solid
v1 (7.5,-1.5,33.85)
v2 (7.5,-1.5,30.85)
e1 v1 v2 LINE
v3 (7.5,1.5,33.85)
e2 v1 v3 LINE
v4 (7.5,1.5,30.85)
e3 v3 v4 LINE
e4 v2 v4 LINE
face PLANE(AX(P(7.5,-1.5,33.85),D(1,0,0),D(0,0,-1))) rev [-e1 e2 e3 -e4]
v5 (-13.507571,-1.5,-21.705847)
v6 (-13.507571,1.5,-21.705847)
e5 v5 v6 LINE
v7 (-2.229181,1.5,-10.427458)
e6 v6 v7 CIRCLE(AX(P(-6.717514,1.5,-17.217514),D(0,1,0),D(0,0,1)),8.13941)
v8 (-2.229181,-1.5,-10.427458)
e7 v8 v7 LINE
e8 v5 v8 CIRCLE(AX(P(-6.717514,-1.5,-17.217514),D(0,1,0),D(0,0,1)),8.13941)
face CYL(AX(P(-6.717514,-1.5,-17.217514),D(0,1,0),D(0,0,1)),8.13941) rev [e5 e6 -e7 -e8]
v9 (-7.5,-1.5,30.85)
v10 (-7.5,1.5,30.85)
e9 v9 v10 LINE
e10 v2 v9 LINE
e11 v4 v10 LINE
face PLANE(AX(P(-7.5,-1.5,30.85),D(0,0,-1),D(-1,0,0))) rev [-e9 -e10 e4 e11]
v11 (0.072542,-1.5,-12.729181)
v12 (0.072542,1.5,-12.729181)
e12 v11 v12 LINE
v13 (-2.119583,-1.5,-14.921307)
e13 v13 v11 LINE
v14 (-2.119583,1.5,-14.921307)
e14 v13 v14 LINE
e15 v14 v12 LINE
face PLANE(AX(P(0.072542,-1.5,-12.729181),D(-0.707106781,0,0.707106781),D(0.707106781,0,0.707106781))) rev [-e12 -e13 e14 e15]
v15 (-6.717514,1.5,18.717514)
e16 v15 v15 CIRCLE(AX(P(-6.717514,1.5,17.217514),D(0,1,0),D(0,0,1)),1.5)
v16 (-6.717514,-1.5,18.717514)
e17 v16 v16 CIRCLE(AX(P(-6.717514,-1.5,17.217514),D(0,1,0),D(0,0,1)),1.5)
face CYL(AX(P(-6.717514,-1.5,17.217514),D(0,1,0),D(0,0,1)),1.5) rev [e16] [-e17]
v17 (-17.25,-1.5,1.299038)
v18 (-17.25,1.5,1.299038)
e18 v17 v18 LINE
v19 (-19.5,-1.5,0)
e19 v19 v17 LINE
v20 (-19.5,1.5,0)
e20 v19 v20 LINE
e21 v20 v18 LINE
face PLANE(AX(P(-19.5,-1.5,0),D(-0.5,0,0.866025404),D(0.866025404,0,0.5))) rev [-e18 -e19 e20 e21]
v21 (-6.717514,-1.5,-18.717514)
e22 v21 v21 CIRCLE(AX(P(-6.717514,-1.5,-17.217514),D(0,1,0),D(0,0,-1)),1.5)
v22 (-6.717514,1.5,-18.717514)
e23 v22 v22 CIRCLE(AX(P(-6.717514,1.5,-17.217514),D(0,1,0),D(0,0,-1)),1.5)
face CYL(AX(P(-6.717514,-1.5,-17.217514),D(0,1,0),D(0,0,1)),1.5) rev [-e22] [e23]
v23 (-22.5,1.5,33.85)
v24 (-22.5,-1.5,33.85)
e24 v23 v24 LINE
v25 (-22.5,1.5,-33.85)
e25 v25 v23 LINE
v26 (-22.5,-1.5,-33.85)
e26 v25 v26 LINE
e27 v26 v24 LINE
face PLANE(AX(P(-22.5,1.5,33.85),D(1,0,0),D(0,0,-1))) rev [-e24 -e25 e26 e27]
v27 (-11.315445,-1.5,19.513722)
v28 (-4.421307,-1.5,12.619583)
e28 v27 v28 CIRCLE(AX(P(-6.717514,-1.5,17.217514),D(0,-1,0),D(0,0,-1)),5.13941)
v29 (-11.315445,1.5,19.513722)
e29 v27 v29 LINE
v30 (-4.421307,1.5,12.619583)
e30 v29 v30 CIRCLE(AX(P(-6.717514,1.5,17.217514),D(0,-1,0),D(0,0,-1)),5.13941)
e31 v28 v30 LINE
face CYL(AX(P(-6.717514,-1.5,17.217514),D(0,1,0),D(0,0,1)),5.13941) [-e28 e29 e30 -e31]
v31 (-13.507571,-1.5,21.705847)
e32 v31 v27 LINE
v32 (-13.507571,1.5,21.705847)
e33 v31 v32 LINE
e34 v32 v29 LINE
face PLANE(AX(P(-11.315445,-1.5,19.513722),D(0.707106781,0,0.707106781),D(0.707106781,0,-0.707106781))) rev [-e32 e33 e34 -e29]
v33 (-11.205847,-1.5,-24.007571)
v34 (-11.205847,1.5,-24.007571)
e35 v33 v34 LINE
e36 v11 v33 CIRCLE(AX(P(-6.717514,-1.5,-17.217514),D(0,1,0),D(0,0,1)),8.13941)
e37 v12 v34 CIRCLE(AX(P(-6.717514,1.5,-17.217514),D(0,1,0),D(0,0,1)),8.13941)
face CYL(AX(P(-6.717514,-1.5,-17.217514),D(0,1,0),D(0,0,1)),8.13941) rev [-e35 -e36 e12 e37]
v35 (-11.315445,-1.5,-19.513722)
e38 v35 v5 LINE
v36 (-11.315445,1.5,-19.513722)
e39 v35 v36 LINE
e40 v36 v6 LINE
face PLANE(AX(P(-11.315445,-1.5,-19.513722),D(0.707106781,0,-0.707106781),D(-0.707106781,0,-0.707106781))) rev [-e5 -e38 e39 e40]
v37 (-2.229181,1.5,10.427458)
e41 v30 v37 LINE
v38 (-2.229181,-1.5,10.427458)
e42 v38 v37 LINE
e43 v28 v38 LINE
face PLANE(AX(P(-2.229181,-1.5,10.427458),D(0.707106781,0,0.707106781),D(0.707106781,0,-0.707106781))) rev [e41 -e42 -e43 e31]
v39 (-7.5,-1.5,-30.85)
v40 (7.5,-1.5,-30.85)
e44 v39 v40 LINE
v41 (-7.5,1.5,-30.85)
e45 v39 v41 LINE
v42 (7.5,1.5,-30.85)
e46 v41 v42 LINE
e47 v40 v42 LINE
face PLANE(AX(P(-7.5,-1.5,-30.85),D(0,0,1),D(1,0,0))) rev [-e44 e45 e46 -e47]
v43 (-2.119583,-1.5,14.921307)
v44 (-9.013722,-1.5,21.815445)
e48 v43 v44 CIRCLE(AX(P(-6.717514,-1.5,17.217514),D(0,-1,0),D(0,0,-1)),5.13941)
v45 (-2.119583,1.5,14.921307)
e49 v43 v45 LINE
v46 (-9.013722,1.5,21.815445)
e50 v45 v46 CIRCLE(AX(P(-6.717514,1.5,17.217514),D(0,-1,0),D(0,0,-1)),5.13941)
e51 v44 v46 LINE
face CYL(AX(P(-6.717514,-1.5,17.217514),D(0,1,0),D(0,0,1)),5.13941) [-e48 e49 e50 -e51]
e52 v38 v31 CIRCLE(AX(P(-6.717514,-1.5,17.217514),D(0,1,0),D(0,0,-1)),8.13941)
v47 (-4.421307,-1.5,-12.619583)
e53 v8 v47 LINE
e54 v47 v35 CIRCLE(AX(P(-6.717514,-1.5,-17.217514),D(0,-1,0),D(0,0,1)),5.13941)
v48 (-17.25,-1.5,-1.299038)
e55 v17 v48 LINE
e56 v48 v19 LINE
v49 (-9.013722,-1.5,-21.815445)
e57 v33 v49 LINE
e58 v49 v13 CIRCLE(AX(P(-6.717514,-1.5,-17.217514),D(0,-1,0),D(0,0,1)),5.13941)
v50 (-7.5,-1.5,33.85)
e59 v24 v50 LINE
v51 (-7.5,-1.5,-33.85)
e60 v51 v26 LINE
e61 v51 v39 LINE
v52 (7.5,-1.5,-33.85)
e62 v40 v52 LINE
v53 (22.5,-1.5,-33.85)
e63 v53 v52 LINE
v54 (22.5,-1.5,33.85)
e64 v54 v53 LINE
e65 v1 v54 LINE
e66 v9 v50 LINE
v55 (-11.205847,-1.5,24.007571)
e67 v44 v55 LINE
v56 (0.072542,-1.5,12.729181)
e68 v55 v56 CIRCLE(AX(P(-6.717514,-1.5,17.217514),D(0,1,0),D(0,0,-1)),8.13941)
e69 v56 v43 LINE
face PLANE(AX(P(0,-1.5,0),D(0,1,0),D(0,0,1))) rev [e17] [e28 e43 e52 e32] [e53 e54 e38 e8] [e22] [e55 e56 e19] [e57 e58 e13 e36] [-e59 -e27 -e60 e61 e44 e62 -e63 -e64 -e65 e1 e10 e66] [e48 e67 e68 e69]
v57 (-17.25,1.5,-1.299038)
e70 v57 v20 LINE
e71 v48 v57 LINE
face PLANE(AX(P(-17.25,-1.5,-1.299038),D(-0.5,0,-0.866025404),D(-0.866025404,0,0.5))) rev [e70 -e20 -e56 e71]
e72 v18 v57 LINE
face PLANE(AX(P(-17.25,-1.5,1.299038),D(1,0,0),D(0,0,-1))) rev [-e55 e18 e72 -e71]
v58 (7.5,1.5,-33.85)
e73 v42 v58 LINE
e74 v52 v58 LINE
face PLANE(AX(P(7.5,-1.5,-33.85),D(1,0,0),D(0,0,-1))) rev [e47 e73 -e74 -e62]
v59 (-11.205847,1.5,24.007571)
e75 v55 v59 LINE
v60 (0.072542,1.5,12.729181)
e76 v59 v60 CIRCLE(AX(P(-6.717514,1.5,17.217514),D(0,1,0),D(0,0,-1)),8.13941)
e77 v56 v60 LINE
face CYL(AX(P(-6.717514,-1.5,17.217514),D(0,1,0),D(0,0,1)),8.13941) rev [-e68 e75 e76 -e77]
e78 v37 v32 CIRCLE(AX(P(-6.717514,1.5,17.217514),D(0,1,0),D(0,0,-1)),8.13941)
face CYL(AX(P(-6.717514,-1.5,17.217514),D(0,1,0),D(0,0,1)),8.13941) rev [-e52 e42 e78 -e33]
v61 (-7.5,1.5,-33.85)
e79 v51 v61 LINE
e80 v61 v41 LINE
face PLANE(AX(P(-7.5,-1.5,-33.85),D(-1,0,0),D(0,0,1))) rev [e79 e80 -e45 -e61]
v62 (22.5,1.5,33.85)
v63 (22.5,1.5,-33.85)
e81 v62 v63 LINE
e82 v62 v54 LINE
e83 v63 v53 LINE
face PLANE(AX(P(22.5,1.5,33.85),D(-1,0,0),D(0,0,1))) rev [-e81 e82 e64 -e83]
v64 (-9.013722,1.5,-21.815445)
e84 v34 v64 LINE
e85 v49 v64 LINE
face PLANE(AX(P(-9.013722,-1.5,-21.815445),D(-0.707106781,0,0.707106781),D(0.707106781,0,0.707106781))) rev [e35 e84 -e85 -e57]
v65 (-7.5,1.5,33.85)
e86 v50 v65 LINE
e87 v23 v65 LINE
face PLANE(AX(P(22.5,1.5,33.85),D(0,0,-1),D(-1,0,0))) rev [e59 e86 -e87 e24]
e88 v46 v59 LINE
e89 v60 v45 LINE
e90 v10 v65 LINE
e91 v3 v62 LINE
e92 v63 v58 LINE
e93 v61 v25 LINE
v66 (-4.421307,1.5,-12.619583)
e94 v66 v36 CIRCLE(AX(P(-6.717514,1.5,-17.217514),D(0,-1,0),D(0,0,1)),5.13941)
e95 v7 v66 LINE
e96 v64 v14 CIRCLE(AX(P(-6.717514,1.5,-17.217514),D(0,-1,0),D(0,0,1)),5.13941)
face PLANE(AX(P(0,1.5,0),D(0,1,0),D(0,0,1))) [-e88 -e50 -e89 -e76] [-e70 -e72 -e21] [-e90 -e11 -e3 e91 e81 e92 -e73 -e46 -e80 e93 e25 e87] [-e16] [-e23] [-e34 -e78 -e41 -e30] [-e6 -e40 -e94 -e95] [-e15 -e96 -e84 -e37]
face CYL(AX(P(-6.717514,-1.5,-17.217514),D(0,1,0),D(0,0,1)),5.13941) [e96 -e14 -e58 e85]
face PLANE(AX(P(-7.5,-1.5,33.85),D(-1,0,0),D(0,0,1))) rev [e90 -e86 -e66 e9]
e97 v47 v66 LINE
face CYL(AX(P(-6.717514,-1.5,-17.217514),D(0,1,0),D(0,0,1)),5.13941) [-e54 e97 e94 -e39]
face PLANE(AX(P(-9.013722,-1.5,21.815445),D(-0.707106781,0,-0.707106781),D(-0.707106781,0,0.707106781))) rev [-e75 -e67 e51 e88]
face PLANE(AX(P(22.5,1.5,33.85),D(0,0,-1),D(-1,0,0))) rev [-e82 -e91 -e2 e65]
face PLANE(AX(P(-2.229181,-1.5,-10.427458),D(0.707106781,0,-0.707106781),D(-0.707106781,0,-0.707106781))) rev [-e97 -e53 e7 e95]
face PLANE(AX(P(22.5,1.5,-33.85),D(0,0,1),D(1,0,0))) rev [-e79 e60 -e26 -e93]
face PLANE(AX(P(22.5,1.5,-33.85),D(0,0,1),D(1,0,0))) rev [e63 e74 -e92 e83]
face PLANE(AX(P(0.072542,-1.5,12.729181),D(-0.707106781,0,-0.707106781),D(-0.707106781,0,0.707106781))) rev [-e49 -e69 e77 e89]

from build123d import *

# Parameters (mm, degrees)
SKETCH1_W               = 45
SKETCH1_H               = 67.7
BOSS_EXTRUDE1_DEPTH     = 1.5
CUT_EXTRUDE1_DEPTH      = 41.67336352
CUT_EXTRUDE1_DEPTH_BACK = 41.67336352
SKETCH2_W               = 15
SKETCH2_H               = 3
CUT_EXTRUDE2_DEPTH      = 41.67336352
CUT_EXTRUDE2_DEPTH_BACK = 41.67336352
SKETCH3_R               = 1.5
CUT_EXTRUDE3_DEPTH      = 41.67336352
CUT_EXTRUDE3_DEPTH_BACK = 41.67336352


with BuildPart() as part:
    # Sketch1 → Boss-Extrude1 (new, symmetric)
    with BuildSketch(Plane(origin=(0, 0, 0), x_dir=(1, 0, 0), z_dir=(0, 1, 0))):
        Rectangle(SKETCH1_W, SKETCH1_H)
    extrude(amount=BOSS_EXTRUDE1_DEPTH, both=True)

    # Sketch2 → Cut-Extrude1 (cut, two sides: drawn at the far end of the back side and taken through both)
    with BuildSketch(Plane(origin=(0, 0, 0), x_dir=(1, 0, 0), z_dir=(0, 1, 0)).offset(-CUT_EXTRUDE1_DEPTH_BACK)):
        with Locations((0, -32.35)):
            Rectangle(SKETCH2_W, SKETCH2_H)
        with Locations((0, 32.35)):
            Rectangle(SKETCH2_W, SKETCH2_H)
    extrude(amount=CUT_EXTRUDE1_DEPTH + CUT_EXTRUDE1_DEPTH_BACK, mode=Mode.SUBTRACT)

    # Sketch3 → Cut-Extrude2 (cut, two sides: drawn at the far end of the back side and taken through both)
    with BuildSketch(Plane(origin=(0, 0, 0), x_dir=(1, 0, 0), z_dir=(0, 1, 0)).offset(-CUT_EXTRUDE2_DEPTH_BACK)):
        with Locations(Location((-6.717514421, -17.217514421, 0), (0, 0, 270))):
            Circle(SKETCH3_R)
        with Locations(Location((-6.717514421, 17.217514421, 0), (0, 0, 90))):
            Circle(SKETCH3_R)
        with BuildLine():
            Line((0.072542026, 12.729181386), (-2.119583462, 14.921306874))
            ThreePointArc((-2.119583462, 14.921306874), (-3.083402548, 20.851626294), (-9.013721969, 21.815445381))
            Line((-9.013721969, 21.815445381), (-11.205847457, 24.007570869))
            ThreePointArc((-11.205847457, 24.007570869), (-0.962082205, 22.972946638), (0.072542026, 12.729181386))
        make_face()
        with BuildLine():
            Line((-2.229181386, 10.427457974), (-4.421306874, 12.619583462))
            ThreePointArc((-4.421306874, 12.619583462), (-10.351626294, 13.583402548), (-11.315445381, 19.513721969))
            Line((-11.315445381, 19.513721969), (-13.507570869, 21.705847457))
            ThreePointArc((-13.507570869, 21.705847457), (-12.472946638, 11.462082205), (-2.229181386, 10.427457974))
        make_face()
        with BuildLine():
            Line((0.072542026, -12.729181386), (-2.119583462, -14.921306874))
            ThreePointArc((-2.119583462, -14.921306874), (-3.083402548, -20.851626294), (-9.013721969, -21.815445381))
            Line((-9.013721969, -21.815445381), (-11.205847457, -24.007570869))
            ThreePointArc((-11.205847457, -24.007570869), (-0.962082205, -22.972946638), (0.072542026, -12.729181386))
        make_face()
        with BuildLine():
            Line((-2.229181386, -10.427457974), (-4.421306874, -12.619583462))
            ThreePointArc((-4.421306874, -12.619583462), (-10.351626294, -13.583402548), (-11.315445381, -19.513721969))
            Line((-11.315445381, -19.513721969), (-13.507570869, -21.705847457))
            ThreePointArc((-13.507570869, -21.705847457), (-12.472946638, -11.462082205), (-2.229181386, -10.427457974))
        make_face()
    extrude(amount=CUT_EXTRUDE2_DEPTH + CUT_EXTRUDE2_DEPTH_BACK, mode=Mode.SUBTRACT)

    # Sketch4 → Cut-Extrude3 (cut, two sides: drawn at the far end of the back side and taken through both)
    with BuildSketch(Plane(origin=(0, 0, 0), x_dir=(1, 0, 0), z_dir=(0, 1, 0)).offset(-CUT_EXTRUDE3_DEPTH_BACK)):
        Polygon((-19.5, 0), (-17.25, -1.299038106), (-17.25, 1.299038106), align=None)
    extrude(amount=CUT_EXTRUDE3_DEPTH + CUT_EXTRUDE3_DEPTH_BACK, mode=Mode.SUBTRACT)


solid = part.part
